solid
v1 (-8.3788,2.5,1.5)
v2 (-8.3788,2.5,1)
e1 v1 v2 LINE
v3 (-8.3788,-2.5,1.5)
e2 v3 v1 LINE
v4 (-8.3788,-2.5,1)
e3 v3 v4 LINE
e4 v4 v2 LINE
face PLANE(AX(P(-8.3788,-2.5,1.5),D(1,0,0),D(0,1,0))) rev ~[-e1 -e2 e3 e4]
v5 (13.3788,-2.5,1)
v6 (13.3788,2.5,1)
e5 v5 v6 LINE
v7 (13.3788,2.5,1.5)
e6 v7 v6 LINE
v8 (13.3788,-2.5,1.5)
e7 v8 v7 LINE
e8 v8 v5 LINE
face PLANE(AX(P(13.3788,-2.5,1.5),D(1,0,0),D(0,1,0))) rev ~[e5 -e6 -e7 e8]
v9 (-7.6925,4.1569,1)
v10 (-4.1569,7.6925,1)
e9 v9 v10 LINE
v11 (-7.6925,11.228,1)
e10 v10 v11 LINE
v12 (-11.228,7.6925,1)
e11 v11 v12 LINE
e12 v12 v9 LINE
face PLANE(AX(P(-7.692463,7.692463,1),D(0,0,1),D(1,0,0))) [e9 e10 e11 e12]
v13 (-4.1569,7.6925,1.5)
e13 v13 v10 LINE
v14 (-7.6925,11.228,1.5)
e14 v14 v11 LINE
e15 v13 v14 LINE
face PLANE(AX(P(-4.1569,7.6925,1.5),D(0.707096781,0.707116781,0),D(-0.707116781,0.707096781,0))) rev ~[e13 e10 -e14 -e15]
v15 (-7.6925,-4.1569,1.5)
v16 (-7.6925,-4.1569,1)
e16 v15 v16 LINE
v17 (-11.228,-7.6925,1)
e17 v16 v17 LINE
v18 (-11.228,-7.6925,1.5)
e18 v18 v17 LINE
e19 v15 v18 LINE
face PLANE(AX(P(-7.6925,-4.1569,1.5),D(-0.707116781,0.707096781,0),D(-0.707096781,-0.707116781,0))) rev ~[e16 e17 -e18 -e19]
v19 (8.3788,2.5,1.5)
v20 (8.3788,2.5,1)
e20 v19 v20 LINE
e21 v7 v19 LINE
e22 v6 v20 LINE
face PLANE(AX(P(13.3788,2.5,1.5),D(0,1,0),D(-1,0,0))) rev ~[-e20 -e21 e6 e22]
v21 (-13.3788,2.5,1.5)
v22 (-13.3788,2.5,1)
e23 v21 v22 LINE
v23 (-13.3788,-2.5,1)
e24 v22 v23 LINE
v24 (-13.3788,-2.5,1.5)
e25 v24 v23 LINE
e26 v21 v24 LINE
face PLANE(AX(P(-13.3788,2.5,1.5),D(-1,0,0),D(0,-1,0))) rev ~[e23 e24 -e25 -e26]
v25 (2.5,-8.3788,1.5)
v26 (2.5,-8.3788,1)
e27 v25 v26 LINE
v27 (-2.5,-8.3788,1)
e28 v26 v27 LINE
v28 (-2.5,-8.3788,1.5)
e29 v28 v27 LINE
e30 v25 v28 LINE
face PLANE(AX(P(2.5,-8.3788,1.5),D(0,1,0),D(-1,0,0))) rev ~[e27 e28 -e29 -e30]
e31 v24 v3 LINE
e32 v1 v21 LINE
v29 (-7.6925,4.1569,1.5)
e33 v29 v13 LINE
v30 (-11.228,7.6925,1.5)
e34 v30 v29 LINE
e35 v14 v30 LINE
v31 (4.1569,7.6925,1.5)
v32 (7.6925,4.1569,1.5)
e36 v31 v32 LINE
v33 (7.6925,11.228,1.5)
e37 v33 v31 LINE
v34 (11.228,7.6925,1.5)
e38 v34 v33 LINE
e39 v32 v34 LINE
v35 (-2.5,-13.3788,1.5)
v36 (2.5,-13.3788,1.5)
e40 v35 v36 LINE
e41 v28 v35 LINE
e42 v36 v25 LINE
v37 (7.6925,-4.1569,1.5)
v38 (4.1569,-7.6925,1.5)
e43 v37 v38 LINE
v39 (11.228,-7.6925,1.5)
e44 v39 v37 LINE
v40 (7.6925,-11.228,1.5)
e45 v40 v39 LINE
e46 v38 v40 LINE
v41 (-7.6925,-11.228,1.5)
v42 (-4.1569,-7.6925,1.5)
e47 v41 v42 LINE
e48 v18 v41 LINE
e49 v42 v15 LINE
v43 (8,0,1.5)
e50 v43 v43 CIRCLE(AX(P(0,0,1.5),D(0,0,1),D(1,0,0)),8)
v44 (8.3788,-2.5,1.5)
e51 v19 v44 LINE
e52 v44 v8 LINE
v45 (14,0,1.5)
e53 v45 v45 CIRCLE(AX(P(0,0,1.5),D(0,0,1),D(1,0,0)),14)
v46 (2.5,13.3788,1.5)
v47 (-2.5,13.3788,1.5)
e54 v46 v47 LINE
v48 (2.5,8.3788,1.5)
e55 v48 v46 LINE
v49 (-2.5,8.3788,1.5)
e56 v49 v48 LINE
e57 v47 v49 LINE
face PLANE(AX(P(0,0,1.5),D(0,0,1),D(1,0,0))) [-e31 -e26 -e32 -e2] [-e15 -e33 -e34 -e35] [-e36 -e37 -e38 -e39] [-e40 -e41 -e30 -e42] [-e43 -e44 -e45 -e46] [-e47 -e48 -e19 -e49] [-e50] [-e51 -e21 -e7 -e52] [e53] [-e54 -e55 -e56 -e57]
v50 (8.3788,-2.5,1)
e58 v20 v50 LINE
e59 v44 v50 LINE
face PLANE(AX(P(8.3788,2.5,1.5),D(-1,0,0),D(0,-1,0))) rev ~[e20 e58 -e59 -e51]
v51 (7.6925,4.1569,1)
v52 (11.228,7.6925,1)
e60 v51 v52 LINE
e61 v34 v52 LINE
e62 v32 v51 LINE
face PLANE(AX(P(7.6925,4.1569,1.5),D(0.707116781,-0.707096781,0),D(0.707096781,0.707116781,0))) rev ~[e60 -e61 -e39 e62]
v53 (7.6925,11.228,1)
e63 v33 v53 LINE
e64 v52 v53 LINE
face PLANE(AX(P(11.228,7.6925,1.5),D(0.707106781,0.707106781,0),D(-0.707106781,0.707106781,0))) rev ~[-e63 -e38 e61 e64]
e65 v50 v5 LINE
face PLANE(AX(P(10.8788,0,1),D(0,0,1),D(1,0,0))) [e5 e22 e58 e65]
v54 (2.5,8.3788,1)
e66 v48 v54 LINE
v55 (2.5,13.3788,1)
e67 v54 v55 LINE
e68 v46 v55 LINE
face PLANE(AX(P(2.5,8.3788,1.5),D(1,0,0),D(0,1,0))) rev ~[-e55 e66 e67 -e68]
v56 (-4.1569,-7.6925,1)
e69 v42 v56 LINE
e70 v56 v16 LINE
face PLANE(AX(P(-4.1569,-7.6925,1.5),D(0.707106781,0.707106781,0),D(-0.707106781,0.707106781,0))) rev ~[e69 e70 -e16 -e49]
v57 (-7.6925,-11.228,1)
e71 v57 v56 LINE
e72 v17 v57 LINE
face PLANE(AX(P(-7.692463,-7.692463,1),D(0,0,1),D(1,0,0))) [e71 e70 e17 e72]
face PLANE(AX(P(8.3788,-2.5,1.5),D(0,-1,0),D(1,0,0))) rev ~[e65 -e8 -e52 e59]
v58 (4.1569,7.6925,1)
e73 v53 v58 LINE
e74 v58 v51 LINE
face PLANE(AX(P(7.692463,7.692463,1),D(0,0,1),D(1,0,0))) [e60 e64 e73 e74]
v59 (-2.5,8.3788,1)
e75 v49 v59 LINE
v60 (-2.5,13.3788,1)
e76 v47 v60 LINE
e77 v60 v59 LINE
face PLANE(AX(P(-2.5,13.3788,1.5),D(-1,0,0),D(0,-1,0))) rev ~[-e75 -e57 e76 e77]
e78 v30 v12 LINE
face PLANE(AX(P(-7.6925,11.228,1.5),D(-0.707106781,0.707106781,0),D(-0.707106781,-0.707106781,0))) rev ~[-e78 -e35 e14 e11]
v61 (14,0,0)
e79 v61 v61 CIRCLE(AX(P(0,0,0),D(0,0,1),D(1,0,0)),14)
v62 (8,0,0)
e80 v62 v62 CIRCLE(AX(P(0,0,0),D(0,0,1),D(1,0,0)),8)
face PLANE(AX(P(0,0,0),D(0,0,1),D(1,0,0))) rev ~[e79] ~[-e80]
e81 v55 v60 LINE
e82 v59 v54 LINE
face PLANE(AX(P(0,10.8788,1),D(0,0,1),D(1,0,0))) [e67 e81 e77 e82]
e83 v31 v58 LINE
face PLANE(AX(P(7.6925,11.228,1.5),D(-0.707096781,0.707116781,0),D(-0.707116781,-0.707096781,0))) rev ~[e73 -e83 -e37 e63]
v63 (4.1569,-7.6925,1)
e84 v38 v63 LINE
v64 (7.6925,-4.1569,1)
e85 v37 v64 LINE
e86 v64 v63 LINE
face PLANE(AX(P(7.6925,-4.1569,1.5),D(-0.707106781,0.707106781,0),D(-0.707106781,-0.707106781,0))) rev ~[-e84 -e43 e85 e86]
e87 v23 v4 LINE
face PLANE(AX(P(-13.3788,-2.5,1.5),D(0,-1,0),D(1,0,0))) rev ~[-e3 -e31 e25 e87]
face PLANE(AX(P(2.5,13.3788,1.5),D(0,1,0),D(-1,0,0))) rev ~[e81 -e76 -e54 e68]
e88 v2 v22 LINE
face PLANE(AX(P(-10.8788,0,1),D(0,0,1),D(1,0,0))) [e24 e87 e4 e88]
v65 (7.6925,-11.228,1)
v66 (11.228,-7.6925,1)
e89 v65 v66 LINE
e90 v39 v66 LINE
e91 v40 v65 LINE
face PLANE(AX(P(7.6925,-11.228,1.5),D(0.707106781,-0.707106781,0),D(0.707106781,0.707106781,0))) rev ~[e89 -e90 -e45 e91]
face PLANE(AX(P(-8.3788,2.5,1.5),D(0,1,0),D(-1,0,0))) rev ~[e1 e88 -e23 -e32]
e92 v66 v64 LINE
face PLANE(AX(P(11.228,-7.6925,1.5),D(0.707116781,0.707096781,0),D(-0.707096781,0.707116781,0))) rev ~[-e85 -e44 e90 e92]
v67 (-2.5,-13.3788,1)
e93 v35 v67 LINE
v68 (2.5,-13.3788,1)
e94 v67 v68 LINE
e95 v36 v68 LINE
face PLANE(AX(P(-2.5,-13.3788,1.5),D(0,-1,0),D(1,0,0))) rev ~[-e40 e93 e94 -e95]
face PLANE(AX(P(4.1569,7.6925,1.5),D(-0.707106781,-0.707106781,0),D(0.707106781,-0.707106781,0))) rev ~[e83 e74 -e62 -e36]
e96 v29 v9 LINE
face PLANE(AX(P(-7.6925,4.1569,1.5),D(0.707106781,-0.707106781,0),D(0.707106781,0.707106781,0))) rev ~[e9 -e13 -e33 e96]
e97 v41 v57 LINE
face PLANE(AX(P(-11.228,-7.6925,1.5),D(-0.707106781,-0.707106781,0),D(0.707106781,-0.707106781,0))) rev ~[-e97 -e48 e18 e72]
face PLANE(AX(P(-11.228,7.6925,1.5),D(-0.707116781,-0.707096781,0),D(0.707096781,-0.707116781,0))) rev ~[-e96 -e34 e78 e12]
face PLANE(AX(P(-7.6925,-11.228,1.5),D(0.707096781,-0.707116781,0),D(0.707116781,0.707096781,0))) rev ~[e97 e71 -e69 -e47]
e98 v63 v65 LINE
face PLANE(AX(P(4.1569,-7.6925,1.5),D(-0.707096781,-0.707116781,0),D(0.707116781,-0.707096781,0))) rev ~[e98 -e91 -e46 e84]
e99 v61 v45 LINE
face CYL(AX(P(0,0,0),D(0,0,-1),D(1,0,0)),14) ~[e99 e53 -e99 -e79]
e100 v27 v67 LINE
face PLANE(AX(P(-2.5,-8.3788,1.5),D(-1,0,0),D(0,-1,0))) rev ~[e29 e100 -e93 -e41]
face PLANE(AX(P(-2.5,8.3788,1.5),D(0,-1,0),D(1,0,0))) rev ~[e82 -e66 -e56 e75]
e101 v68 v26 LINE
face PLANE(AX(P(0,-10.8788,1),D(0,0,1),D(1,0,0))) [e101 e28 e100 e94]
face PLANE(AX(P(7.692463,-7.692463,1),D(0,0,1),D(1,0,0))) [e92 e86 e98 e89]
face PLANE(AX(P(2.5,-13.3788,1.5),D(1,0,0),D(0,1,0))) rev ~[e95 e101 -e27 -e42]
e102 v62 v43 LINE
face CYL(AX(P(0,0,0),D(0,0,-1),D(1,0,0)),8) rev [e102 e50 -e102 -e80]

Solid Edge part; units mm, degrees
sketch "Sketch1" plane through (0, 0, 0) normal (0, 0, 1) x (1, 0, 0)
  circle A0 centre (0, 0) radius 14
  circle A1 centre (0, 0) radius 8
extrude "Protrusion1" add sketch "Sketch1" along normal blind 1.5
sketch "Sketch2" plane through (0, 0, 1.5) normal (0, 0, 1) x (1, 0, 0)
  line L0 (7.6925, -11.228) -> (11.228, -7.6925)
  line L1 (11.228, -7.6925) -> (7.6925, -4.1569)
  line L2 (7.6925, -4.1569) -> (4.1569, -7.6925)
  line L3 (4.1569, -7.6925) -> (7.6925, -11.228)
  line L4 (13.3788, -2.5) -> (13.3788, 2.5)
  line L5 (13.3788, 2.5) -> (8.3788, 2.5)
  line L6 (8.3788, 2.5) -> (8.3788, -2.5)
  line L7 (8.3788, -2.5) -> (13.3788, -2.5)
  line L8 (7.6925, 4.1569) -> (11.228, 7.6925)
  line L9 (11.228, 7.6925) -> (7.6925, 11.228)
  line L10 (7.6925, 11.228) -> (4.1569, 7.6925)
  line L11 (4.1569, 7.6925) -> (7.6925, 4.1569)
  line L12 (-2.5, 8.3788) -> (2.5, 8.3788)
  line L13 (2.5, 8.3788) -> (2.5, 13.3788)
  line L14 (2.5, 13.3788) -> (-2.5, 13.3788)
  line L15 (-2.5, 13.3788) -> (-2.5, 8.3788)
  line L16 (-7.6925, 4.1569) -> (-4.1569, 7.6925)
  line L17 (-4.1569, 7.6925) -> (-7.6925, 11.228)
  line L18 (-7.6925, 11.228) -> (-11.228, 7.6925)
  line L19 (-11.228, 7.6925) -> (-7.6925, 4.1569)
  line L20 (-13.3788, -2.5) -> (-8.3788, -2.5)
  line L21 (-8.3788, -2.5) -> (-8.3788, 2.5)
  line L22 (-8.3788, 2.5) -> (-13.3788, 2.5)
  line L23 (-13.3788, 2.5) -> (-13.3788, -2.5)
  line L24 (-4.1569, -7.6925) -> (-7.6925, -4.1569)
  line L25 (-7.6925, -4.1569) -> (-11.228, -7.6925)
  line L26 (-11.228, -7.6925) -> (-7.6925, -11.228)
  line L27 (-7.6925, -11.228) -> (-4.1569, -7.6925)
  line L28 (2.5, -8.3788) -> (-2.5, -8.3788)
  line L29 (-2.5, -8.3788) -> (-2.5, -13.3788)
  line L30 (-2.5, -13.3788) -> (2.5, -13.3788)
  line L31 (2.5, -13.3788) -> (2.5, -8.3788)
extrude "ExtrudedCutout_1" cut sketch "Sketch2" against normal blind 0.5
properties material "ABS Plastic, medium impact"
